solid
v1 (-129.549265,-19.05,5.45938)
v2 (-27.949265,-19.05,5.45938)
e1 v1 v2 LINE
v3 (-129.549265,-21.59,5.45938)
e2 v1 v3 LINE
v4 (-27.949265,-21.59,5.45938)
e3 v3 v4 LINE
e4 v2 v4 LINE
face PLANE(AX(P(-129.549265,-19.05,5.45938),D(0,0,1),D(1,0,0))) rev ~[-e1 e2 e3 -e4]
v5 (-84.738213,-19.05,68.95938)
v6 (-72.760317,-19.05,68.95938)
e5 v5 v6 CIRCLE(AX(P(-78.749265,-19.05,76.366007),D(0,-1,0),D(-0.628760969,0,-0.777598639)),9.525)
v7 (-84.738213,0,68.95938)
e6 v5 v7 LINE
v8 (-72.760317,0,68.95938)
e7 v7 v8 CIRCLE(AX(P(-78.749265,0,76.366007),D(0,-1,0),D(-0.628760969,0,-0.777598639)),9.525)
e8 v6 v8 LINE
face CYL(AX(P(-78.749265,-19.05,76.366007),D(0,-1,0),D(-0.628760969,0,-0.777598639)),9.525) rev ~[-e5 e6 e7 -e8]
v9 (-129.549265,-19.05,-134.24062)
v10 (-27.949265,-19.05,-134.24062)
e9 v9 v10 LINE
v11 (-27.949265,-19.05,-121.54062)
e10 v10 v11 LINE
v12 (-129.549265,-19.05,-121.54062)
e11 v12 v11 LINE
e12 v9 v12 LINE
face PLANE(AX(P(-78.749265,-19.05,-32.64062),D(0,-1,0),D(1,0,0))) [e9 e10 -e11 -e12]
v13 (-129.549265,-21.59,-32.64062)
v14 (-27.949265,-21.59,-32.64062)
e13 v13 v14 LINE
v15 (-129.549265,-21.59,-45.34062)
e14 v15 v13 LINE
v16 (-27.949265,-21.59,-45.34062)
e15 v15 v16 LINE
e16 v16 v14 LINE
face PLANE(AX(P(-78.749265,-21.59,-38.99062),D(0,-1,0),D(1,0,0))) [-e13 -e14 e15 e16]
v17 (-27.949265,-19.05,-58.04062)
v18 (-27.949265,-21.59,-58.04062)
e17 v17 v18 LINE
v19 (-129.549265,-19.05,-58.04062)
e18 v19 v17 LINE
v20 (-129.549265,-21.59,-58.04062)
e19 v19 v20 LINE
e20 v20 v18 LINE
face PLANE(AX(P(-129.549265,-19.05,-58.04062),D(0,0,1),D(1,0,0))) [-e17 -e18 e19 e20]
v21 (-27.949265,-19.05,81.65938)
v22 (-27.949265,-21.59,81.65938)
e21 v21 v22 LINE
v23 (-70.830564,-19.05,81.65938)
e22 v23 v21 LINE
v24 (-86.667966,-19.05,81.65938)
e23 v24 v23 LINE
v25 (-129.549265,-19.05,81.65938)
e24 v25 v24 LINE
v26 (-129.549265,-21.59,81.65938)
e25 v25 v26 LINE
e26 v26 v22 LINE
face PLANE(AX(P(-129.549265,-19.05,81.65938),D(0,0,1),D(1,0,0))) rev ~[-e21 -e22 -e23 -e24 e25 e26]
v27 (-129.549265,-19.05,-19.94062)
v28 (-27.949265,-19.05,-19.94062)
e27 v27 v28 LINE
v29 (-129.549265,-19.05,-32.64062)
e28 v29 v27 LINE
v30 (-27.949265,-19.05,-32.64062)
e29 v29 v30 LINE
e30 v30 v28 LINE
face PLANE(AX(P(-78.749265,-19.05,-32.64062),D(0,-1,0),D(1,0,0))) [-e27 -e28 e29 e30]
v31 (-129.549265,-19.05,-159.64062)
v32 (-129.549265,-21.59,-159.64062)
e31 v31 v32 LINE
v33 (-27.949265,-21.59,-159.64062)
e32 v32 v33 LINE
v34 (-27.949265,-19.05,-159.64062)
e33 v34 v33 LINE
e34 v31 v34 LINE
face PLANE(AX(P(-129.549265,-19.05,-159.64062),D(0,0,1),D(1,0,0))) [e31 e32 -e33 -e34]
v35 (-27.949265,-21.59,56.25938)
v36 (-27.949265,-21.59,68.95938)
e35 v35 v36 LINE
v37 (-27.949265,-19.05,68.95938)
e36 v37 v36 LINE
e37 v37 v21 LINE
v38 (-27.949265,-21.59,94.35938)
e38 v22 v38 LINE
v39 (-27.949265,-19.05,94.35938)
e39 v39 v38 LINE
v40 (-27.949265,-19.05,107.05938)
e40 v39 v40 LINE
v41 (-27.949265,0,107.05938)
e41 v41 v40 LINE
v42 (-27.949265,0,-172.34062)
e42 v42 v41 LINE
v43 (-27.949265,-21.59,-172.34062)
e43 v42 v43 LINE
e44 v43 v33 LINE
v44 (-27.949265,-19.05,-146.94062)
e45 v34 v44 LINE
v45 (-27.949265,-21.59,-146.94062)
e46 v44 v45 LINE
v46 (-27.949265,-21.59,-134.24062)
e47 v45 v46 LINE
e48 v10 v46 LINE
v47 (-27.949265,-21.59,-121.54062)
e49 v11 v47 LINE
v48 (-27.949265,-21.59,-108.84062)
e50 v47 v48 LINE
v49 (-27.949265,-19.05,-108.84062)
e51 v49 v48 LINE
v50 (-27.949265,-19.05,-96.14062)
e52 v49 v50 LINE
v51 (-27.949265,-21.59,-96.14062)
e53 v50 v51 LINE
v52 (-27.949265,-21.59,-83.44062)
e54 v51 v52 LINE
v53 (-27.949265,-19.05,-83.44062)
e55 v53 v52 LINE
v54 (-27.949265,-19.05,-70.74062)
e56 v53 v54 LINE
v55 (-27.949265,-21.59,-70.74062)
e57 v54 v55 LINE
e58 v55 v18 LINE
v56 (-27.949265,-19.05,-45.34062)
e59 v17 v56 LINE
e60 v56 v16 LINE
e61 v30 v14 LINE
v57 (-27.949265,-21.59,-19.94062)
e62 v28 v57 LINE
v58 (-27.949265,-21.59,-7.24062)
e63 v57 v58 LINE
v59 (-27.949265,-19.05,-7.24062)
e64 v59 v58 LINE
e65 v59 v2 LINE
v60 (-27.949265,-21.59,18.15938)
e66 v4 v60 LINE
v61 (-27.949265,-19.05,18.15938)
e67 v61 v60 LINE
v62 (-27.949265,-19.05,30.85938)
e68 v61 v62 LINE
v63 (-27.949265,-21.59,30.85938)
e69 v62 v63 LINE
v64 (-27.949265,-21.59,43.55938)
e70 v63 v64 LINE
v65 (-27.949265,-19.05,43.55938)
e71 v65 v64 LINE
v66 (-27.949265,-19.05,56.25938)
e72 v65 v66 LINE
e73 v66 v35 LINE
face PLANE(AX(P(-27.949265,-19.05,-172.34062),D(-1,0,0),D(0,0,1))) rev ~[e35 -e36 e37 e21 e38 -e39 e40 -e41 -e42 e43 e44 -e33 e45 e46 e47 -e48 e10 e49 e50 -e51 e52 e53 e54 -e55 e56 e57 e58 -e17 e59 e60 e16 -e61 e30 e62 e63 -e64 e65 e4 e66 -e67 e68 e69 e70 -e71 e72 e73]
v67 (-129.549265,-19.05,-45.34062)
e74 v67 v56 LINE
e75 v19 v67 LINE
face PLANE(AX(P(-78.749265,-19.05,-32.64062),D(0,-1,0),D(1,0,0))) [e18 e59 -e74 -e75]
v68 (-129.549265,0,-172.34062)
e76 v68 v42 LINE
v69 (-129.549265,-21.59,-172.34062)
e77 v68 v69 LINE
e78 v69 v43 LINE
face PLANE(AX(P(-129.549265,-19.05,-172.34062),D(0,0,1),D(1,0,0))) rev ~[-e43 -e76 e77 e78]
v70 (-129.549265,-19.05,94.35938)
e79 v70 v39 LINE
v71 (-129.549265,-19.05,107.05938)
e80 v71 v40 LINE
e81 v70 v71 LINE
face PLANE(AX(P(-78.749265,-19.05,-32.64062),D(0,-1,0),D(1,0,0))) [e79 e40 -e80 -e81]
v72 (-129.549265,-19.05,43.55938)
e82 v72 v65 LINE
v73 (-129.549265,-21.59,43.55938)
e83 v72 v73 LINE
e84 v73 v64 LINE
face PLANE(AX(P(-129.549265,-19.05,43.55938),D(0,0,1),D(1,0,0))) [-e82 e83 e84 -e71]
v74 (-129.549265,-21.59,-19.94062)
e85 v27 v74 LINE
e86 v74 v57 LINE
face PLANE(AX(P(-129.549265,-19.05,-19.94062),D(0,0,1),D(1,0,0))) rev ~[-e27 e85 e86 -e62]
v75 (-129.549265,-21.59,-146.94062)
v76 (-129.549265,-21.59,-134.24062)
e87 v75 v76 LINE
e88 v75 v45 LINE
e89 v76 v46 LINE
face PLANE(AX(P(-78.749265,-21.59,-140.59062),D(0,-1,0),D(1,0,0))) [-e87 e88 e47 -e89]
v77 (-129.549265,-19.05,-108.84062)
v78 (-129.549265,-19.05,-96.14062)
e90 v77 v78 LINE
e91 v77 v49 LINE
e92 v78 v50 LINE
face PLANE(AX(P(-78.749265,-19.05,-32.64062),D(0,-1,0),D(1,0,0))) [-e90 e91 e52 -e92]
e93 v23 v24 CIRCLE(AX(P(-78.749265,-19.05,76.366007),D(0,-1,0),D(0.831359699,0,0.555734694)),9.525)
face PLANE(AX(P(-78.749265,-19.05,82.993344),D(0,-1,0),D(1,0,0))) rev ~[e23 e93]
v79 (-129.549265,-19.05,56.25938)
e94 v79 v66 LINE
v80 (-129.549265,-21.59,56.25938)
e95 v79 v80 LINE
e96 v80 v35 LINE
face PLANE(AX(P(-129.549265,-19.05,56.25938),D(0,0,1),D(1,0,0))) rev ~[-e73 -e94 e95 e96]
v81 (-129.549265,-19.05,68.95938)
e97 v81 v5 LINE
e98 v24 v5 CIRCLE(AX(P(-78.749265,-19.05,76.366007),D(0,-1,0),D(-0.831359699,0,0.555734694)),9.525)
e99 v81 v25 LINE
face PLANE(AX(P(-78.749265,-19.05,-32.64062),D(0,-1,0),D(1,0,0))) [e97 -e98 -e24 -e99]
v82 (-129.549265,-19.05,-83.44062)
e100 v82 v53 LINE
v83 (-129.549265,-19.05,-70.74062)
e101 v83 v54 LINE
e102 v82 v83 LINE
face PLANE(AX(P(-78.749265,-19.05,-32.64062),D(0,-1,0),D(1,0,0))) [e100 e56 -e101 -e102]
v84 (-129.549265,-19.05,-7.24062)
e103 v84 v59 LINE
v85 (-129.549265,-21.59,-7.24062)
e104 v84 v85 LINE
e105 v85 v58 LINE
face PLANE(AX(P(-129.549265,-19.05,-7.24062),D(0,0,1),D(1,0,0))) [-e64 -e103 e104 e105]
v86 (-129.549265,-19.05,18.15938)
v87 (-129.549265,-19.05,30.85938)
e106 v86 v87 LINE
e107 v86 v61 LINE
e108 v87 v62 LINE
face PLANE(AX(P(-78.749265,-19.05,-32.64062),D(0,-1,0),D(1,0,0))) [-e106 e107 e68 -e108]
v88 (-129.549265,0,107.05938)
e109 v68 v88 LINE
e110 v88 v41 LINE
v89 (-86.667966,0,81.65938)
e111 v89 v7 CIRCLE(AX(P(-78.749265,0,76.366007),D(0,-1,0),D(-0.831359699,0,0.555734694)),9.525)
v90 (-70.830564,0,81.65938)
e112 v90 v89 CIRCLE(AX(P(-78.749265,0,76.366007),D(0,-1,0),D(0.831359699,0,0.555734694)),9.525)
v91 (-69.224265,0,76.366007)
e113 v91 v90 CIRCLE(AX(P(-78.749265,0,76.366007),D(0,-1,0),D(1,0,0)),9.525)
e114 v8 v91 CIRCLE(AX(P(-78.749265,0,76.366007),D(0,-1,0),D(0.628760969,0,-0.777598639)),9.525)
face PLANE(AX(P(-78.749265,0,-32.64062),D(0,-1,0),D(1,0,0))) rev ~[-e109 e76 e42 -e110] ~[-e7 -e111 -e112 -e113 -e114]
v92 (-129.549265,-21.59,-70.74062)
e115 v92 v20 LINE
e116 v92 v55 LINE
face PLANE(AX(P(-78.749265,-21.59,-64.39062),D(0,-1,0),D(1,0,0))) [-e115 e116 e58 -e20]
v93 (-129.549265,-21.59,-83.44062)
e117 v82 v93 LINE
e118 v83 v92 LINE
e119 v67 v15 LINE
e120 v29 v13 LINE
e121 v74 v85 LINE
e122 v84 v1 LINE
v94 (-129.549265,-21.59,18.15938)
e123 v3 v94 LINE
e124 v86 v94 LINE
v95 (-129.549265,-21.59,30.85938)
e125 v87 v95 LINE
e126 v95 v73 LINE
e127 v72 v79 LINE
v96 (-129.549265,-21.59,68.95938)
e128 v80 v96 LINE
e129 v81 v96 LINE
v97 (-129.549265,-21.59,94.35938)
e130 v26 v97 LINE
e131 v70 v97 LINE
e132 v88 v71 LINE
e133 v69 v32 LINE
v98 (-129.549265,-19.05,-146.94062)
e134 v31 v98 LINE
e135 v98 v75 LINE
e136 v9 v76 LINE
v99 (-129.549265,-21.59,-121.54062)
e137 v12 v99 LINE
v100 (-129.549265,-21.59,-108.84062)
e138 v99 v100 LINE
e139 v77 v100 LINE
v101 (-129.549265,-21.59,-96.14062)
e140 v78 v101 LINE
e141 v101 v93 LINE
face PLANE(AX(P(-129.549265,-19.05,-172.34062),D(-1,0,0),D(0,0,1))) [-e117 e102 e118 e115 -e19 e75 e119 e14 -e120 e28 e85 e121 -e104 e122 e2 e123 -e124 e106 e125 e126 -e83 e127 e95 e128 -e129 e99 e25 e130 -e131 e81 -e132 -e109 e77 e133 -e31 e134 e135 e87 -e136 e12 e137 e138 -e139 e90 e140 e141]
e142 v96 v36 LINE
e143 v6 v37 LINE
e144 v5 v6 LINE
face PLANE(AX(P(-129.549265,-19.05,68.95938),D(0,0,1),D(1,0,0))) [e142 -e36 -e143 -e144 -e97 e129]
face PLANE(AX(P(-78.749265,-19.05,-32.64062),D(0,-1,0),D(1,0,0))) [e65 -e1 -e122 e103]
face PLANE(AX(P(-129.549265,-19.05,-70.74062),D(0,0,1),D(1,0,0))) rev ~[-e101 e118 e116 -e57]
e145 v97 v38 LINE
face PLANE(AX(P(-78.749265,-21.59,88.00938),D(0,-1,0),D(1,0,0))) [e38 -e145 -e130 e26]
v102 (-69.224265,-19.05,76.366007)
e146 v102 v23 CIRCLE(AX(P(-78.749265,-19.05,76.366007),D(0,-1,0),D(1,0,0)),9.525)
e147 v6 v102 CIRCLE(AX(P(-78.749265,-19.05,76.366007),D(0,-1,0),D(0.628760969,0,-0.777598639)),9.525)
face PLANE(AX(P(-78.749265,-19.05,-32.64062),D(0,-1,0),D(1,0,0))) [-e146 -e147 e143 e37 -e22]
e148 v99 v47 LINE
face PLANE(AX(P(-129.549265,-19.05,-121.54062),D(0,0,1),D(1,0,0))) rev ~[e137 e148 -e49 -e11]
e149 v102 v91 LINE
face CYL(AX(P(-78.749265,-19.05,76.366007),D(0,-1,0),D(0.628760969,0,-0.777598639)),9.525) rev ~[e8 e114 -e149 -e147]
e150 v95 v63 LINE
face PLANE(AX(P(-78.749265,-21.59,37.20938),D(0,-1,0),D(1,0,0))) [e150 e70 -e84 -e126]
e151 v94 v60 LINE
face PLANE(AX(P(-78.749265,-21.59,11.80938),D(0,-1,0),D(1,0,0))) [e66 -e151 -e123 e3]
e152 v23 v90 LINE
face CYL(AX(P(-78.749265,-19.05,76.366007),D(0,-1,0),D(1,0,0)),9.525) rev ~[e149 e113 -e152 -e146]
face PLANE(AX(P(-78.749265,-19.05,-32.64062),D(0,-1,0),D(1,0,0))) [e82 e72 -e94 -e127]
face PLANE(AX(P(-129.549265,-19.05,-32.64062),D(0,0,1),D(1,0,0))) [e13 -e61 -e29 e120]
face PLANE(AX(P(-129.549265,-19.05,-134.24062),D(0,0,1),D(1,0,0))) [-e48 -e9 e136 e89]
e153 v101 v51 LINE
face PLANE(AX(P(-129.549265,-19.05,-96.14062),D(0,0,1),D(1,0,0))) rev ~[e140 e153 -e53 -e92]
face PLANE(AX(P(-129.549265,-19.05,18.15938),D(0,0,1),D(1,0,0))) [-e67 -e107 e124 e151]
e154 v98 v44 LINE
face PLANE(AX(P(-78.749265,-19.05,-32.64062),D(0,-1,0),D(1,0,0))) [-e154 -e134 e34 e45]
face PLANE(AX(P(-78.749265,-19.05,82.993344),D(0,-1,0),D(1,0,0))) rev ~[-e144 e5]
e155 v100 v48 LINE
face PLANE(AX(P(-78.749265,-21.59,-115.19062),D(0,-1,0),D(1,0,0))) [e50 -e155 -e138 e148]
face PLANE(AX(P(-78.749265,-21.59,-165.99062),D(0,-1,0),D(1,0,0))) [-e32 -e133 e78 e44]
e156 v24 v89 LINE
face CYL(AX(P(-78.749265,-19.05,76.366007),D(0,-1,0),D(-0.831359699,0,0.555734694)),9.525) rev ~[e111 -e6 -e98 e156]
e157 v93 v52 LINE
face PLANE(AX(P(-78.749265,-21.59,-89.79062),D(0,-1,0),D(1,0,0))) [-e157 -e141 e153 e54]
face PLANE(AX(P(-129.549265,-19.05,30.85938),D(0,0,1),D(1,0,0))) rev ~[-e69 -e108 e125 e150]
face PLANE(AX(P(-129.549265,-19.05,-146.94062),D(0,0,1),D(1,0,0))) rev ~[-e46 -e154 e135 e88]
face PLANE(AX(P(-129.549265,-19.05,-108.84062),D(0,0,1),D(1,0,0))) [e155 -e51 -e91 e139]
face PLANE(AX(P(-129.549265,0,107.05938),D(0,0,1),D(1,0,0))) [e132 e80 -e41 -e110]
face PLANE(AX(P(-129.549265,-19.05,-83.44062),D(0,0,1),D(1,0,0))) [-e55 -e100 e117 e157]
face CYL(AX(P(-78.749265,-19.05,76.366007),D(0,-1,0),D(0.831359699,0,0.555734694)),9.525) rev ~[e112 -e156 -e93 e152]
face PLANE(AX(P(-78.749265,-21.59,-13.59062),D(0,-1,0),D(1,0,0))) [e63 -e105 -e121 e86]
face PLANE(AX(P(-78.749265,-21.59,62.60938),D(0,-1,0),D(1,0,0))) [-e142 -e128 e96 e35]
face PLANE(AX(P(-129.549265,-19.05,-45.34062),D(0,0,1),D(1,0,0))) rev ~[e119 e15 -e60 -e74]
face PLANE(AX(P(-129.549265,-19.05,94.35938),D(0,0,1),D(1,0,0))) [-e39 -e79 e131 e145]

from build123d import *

# Parameters (mm, degrees)
F0_W     = 101.6
F0_H     = 279.4
F1_DEPTH = 19.05
F2_W     = 101.6
F2_H     = 12.7
F3_DEPTH = 2.54
F5_DEPTH = 25.4


with BuildPart() as f1:
    # F0 (on Front) → F1 (new body)
    with BuildSketch(Plane.XZ):
        with Locations((-78.7492649078, -32.640619709)):
            Rectangle(F0_W, F0_H)
    extrude(amount=F1_DEPTH)

    # F2 (on face) → F3 (join)
    with BuildSketch(Plane.XZ.offset(19.05)):
        with Locations((-78.7492649078, -115.190619709)):
            Rectangle(F2_W, F2_H)
        with Locations((-78.7492649078, -89.790619709)):
            Rectangle(F2_W, F2_H)
        with Locations((-78.7492649078, -64.390619709)):
            Rectangle(F2_W, F2_H)
        with Locations((-78.7492649078, -38.990619709)):
            Rectangle(F2_W, F2_H)
        with Locations((-78.7492649078, -13.590619709)):
            Rectangle(F2_W, F2_H)
        with Locations((-78.7492649078, 11.809380291)):
            Rectangle(F2_W, F2_H)
        with Locations((-78.7492649078, 37.209380291)):
            Rectangle(F2_W, F2_H)
        with Locations((-78.7492649078, 62.609380291)):
            Rectangle(F2_W, F2_H)
        with Locations((-78.7492649078, 88.009380291)):
            Rectangle(F2_W, F2_H)
        with Locations((-78.7492649078, -140.590619709)):
            Rectangle(F2_W, F2_H)
        with Locations((-78.7492649078, -165.990619709)):
            Rectangle(F2_W, F2_H)
    extrude(amount=F3_DEPTH)

    # F4 (on face) → F5 (cut)
    with BuildSketch(Plane.XZ.offset(19.05)):
        with BuildLine():
            Line((-86.6679660434, 81.659380291), (-70.8305637723, 81.659380291))
            ThreePointArc((-70.8305637723, 81.659380291), (-78.7492649078, 85.891007328), (-86.6679660434, 81.659380291))
        make_face()
        with BuildLine():
            ThreePointArc((-84.7382131406, 68.959380291), (-78.7492649078, 66.841007328), (-72.7603166751, 68.959380291))
            Line((-72.7603166751, 68.959380291), (-84.7382131406, 68.959380291))
        make_face()
        with BuildLine():
            ThreePointArc((-72.7603166751, 68.959380291), (-70.1536160982, 72.2622960149), (-69.2242649078, 76.366007328))
            ThreePointArc((-69.2242649078, 76.366007328), (-69.6346817216, 79.1318703655), (-70.8305637723, 81.659380291))
            Line((-70.8305637723, 81.659380291), (-86.6679660434, 81.659380291))
            ThreePointArc((-86.6679660434, 81.659380291), (-88.1661740472, 74.9351169543), (-84.7382131406, 68.959380291))
            Line((-84.7382131406, 68.959380291), (-72.7603166751, 68.959380291))
        make_face()
    extrude(amount=-F5_DEPTH, mode=Mode.SUBTRACT)


solid = f1.part
